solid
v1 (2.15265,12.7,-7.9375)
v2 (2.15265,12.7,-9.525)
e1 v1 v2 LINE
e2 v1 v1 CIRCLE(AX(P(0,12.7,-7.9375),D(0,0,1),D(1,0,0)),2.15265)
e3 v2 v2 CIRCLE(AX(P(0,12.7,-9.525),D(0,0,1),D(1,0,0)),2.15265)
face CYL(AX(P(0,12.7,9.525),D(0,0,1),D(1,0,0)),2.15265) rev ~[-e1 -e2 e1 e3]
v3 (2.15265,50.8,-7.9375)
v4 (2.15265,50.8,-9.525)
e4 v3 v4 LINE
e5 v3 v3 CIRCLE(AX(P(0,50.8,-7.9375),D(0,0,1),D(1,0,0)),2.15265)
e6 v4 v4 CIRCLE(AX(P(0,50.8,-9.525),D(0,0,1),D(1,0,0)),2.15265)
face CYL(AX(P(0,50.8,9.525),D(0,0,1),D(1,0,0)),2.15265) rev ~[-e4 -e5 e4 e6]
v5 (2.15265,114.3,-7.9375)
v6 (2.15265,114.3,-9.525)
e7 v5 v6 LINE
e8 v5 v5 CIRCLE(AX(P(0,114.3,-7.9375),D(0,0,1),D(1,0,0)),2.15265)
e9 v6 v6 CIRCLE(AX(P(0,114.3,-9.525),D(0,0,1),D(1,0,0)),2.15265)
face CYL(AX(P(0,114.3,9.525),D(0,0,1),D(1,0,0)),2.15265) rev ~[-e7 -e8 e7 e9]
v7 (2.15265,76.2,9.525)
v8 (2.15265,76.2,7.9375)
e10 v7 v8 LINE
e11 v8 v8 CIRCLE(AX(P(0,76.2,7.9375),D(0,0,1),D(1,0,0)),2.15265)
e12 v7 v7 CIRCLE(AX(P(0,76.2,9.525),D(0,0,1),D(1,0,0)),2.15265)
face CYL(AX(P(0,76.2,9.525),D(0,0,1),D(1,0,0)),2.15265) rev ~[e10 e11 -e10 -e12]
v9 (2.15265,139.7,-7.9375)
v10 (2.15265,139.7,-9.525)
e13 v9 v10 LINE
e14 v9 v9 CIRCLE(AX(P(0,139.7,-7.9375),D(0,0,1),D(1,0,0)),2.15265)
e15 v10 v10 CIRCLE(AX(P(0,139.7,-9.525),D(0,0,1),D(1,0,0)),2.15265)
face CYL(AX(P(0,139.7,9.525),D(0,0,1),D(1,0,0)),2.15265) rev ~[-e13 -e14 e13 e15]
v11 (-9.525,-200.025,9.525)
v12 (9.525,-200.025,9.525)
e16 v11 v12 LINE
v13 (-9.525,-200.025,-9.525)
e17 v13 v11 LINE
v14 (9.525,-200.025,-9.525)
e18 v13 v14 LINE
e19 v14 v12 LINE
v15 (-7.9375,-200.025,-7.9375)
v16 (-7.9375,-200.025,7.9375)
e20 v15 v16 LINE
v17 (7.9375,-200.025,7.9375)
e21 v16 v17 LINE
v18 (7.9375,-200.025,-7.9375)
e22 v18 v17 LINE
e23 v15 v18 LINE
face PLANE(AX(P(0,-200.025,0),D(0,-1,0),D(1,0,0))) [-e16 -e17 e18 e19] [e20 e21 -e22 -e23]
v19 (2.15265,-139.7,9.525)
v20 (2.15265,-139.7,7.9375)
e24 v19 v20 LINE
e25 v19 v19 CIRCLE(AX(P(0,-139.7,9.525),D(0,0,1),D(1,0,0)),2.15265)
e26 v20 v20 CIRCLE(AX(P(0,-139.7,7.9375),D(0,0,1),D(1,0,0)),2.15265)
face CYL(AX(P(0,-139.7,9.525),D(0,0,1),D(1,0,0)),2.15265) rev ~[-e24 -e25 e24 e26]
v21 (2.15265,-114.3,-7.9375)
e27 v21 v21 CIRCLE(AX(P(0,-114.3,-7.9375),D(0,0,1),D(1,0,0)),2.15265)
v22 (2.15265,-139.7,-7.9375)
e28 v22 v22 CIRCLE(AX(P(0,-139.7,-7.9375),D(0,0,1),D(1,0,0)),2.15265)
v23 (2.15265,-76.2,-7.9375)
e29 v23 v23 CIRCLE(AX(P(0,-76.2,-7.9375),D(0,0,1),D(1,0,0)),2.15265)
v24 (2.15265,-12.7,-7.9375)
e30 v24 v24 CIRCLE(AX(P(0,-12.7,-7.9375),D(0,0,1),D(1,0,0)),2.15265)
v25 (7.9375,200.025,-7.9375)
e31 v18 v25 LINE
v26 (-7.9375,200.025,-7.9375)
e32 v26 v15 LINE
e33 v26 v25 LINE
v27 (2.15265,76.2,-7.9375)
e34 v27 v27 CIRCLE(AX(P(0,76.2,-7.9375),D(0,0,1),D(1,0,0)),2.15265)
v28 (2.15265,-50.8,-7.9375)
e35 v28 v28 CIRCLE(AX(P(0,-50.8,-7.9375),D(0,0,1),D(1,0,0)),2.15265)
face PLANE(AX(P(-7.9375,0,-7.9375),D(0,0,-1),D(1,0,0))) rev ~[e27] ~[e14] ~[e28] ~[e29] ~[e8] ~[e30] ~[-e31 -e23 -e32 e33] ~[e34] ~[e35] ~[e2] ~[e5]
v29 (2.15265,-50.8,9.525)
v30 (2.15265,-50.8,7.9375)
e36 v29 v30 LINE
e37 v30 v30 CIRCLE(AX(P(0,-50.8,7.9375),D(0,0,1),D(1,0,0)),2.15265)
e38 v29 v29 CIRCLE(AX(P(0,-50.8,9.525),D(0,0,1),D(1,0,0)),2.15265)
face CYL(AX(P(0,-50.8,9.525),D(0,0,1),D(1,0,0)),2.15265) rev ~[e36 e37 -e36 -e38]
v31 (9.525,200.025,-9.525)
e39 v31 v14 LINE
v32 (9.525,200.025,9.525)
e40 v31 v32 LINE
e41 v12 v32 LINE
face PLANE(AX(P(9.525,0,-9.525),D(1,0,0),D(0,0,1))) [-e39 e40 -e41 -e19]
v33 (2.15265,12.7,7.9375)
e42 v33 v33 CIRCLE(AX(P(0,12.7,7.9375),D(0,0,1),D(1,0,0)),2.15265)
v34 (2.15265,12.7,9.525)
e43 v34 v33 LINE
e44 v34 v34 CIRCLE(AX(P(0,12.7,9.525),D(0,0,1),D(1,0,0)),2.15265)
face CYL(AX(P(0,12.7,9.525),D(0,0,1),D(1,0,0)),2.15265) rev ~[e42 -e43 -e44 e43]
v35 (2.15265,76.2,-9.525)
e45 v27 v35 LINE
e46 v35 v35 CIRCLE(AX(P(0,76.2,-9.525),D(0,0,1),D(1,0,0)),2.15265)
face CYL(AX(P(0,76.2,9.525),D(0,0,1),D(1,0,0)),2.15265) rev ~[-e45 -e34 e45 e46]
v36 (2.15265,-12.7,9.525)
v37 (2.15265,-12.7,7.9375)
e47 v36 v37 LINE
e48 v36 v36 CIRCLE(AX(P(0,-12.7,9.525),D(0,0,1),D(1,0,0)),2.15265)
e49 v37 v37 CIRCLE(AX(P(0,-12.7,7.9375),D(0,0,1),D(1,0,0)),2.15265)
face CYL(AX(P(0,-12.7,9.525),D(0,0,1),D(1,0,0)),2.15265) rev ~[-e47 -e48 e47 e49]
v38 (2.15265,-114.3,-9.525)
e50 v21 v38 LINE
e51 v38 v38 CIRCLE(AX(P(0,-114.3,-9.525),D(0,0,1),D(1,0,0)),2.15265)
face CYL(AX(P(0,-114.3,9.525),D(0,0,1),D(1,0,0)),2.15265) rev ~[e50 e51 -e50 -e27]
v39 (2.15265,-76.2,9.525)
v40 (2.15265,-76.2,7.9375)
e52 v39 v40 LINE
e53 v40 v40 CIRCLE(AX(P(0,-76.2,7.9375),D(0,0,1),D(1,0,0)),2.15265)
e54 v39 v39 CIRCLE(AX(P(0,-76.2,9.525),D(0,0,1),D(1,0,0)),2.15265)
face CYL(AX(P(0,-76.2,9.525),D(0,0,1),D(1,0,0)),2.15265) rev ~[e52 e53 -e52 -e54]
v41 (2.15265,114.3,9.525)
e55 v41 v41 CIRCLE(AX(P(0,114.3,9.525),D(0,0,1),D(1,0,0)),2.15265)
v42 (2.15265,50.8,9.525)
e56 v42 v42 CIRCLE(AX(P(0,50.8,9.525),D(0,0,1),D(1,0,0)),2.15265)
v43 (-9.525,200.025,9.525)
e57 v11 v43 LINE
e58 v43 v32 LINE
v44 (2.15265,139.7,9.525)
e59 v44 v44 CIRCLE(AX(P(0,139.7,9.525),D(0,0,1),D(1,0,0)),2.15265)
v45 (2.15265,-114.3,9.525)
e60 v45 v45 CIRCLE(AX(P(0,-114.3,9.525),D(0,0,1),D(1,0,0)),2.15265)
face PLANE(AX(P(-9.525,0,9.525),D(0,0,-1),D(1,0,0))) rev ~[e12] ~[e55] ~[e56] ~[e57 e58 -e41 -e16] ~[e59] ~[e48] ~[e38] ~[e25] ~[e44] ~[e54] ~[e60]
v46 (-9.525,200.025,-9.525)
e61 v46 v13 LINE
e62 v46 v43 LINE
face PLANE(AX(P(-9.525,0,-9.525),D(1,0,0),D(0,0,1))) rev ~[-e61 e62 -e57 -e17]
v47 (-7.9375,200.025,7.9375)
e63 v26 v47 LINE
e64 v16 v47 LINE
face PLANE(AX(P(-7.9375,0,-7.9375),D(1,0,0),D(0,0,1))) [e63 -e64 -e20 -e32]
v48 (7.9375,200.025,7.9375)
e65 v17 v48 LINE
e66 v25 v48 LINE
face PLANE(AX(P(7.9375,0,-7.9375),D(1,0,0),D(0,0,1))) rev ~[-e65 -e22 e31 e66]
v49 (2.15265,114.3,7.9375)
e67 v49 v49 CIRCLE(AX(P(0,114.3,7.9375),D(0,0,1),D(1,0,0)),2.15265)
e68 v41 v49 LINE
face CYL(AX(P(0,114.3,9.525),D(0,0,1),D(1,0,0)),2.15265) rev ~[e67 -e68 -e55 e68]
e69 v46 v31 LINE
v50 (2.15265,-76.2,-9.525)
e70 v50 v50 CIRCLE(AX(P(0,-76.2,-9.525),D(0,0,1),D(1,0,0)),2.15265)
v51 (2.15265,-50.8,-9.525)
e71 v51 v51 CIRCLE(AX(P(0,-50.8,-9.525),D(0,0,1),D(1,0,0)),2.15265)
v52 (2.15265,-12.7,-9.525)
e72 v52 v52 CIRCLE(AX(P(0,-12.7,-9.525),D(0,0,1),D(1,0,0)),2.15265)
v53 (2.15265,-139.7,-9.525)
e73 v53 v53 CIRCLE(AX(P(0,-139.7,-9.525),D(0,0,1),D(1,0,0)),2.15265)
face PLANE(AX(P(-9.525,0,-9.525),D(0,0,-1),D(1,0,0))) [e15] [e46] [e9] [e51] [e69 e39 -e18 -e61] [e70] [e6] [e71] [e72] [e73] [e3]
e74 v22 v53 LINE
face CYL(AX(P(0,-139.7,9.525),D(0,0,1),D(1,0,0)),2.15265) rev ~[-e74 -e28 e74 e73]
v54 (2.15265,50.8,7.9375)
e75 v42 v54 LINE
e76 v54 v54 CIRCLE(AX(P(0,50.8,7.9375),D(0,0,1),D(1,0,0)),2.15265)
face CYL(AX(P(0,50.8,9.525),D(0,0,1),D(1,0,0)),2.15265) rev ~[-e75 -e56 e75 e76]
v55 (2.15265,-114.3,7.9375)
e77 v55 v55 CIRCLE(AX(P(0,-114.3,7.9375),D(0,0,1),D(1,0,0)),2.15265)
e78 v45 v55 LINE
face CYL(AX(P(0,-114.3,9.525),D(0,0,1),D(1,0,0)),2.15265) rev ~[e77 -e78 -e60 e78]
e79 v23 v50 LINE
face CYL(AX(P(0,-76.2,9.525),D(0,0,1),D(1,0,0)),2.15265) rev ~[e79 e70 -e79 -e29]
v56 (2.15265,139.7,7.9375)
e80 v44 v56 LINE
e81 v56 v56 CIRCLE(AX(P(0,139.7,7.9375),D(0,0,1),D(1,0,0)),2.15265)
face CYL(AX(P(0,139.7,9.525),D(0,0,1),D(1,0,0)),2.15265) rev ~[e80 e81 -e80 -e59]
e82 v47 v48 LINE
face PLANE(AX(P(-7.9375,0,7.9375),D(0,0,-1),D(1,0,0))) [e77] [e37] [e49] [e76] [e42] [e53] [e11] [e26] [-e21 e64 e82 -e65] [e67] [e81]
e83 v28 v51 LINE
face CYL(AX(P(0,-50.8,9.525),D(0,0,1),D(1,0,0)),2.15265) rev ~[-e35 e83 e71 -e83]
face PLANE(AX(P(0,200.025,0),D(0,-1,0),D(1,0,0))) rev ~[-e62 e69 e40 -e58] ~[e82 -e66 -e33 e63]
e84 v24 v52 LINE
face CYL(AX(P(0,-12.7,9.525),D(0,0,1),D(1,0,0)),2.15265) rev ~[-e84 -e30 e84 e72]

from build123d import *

# Parameters (mm, degrees)
F0_W       = 19.05
F0_H       = 19.05
F0_W_2     = 15.875
F0_H_2     = 15.875
F1_DEPTH   = 200.025
F2_R       = 2.15265
F1_FACE1_W = 19.05
F1_FACE1_H = 400.05
F3_DEPTH   = 25.4


with BuildPart() as f1:
    # F0 (on Front) → F1 (new body, symmetric)
    with BuildSketch(Plane.XZ):
        Rectangle(F0_W, F0_H)
        Rectangle(F0_W_2, F0_H_2, mode=Mode.SUBTRACT)
    extrude(amount=F1_DEPTH, both=True)

    # F2 (on face) + F1_face1 (on face) → F3 (cut)
    with BuildSketch(Plane.XY.offset(9.525)):
        with Locations((0, 12.7)):
            Circle(F2_R)
        with Locations((0, -12.7)):
            Circle(F2_R)
        with Locations((0, 76.2)):
            Circle(F2_R)
        with Locations((0, 50.8)):
            Circle(F2_R)
        with Locations((0, 139.7)):
            Circle(F2_R)
        with Locations((0, 114.3)):
            Circle(F2_R)
        with Locations((0, -50.8)):
            Circle(F2_R)
        with Locations((0, -76.2)):
            Circle(F2_R)
        with Locations((0, -114.3)):
            Circle(F2_R)
        with Locations((0, -139.7)):
            Circle(F2_R)
    with BuildSketch(Plane(origin=(0, 0, -9.525), x_dir=(1, 0, 0), z_dir=(0, 0, -1))):
        Rectangle(F1_FACE1_W, F1_FACE1_H)
    extrude(amount=-F3_DEPTH, dir=(0, 0, 1), mode=Mode.SUBTRACT)


solid = f1.part
